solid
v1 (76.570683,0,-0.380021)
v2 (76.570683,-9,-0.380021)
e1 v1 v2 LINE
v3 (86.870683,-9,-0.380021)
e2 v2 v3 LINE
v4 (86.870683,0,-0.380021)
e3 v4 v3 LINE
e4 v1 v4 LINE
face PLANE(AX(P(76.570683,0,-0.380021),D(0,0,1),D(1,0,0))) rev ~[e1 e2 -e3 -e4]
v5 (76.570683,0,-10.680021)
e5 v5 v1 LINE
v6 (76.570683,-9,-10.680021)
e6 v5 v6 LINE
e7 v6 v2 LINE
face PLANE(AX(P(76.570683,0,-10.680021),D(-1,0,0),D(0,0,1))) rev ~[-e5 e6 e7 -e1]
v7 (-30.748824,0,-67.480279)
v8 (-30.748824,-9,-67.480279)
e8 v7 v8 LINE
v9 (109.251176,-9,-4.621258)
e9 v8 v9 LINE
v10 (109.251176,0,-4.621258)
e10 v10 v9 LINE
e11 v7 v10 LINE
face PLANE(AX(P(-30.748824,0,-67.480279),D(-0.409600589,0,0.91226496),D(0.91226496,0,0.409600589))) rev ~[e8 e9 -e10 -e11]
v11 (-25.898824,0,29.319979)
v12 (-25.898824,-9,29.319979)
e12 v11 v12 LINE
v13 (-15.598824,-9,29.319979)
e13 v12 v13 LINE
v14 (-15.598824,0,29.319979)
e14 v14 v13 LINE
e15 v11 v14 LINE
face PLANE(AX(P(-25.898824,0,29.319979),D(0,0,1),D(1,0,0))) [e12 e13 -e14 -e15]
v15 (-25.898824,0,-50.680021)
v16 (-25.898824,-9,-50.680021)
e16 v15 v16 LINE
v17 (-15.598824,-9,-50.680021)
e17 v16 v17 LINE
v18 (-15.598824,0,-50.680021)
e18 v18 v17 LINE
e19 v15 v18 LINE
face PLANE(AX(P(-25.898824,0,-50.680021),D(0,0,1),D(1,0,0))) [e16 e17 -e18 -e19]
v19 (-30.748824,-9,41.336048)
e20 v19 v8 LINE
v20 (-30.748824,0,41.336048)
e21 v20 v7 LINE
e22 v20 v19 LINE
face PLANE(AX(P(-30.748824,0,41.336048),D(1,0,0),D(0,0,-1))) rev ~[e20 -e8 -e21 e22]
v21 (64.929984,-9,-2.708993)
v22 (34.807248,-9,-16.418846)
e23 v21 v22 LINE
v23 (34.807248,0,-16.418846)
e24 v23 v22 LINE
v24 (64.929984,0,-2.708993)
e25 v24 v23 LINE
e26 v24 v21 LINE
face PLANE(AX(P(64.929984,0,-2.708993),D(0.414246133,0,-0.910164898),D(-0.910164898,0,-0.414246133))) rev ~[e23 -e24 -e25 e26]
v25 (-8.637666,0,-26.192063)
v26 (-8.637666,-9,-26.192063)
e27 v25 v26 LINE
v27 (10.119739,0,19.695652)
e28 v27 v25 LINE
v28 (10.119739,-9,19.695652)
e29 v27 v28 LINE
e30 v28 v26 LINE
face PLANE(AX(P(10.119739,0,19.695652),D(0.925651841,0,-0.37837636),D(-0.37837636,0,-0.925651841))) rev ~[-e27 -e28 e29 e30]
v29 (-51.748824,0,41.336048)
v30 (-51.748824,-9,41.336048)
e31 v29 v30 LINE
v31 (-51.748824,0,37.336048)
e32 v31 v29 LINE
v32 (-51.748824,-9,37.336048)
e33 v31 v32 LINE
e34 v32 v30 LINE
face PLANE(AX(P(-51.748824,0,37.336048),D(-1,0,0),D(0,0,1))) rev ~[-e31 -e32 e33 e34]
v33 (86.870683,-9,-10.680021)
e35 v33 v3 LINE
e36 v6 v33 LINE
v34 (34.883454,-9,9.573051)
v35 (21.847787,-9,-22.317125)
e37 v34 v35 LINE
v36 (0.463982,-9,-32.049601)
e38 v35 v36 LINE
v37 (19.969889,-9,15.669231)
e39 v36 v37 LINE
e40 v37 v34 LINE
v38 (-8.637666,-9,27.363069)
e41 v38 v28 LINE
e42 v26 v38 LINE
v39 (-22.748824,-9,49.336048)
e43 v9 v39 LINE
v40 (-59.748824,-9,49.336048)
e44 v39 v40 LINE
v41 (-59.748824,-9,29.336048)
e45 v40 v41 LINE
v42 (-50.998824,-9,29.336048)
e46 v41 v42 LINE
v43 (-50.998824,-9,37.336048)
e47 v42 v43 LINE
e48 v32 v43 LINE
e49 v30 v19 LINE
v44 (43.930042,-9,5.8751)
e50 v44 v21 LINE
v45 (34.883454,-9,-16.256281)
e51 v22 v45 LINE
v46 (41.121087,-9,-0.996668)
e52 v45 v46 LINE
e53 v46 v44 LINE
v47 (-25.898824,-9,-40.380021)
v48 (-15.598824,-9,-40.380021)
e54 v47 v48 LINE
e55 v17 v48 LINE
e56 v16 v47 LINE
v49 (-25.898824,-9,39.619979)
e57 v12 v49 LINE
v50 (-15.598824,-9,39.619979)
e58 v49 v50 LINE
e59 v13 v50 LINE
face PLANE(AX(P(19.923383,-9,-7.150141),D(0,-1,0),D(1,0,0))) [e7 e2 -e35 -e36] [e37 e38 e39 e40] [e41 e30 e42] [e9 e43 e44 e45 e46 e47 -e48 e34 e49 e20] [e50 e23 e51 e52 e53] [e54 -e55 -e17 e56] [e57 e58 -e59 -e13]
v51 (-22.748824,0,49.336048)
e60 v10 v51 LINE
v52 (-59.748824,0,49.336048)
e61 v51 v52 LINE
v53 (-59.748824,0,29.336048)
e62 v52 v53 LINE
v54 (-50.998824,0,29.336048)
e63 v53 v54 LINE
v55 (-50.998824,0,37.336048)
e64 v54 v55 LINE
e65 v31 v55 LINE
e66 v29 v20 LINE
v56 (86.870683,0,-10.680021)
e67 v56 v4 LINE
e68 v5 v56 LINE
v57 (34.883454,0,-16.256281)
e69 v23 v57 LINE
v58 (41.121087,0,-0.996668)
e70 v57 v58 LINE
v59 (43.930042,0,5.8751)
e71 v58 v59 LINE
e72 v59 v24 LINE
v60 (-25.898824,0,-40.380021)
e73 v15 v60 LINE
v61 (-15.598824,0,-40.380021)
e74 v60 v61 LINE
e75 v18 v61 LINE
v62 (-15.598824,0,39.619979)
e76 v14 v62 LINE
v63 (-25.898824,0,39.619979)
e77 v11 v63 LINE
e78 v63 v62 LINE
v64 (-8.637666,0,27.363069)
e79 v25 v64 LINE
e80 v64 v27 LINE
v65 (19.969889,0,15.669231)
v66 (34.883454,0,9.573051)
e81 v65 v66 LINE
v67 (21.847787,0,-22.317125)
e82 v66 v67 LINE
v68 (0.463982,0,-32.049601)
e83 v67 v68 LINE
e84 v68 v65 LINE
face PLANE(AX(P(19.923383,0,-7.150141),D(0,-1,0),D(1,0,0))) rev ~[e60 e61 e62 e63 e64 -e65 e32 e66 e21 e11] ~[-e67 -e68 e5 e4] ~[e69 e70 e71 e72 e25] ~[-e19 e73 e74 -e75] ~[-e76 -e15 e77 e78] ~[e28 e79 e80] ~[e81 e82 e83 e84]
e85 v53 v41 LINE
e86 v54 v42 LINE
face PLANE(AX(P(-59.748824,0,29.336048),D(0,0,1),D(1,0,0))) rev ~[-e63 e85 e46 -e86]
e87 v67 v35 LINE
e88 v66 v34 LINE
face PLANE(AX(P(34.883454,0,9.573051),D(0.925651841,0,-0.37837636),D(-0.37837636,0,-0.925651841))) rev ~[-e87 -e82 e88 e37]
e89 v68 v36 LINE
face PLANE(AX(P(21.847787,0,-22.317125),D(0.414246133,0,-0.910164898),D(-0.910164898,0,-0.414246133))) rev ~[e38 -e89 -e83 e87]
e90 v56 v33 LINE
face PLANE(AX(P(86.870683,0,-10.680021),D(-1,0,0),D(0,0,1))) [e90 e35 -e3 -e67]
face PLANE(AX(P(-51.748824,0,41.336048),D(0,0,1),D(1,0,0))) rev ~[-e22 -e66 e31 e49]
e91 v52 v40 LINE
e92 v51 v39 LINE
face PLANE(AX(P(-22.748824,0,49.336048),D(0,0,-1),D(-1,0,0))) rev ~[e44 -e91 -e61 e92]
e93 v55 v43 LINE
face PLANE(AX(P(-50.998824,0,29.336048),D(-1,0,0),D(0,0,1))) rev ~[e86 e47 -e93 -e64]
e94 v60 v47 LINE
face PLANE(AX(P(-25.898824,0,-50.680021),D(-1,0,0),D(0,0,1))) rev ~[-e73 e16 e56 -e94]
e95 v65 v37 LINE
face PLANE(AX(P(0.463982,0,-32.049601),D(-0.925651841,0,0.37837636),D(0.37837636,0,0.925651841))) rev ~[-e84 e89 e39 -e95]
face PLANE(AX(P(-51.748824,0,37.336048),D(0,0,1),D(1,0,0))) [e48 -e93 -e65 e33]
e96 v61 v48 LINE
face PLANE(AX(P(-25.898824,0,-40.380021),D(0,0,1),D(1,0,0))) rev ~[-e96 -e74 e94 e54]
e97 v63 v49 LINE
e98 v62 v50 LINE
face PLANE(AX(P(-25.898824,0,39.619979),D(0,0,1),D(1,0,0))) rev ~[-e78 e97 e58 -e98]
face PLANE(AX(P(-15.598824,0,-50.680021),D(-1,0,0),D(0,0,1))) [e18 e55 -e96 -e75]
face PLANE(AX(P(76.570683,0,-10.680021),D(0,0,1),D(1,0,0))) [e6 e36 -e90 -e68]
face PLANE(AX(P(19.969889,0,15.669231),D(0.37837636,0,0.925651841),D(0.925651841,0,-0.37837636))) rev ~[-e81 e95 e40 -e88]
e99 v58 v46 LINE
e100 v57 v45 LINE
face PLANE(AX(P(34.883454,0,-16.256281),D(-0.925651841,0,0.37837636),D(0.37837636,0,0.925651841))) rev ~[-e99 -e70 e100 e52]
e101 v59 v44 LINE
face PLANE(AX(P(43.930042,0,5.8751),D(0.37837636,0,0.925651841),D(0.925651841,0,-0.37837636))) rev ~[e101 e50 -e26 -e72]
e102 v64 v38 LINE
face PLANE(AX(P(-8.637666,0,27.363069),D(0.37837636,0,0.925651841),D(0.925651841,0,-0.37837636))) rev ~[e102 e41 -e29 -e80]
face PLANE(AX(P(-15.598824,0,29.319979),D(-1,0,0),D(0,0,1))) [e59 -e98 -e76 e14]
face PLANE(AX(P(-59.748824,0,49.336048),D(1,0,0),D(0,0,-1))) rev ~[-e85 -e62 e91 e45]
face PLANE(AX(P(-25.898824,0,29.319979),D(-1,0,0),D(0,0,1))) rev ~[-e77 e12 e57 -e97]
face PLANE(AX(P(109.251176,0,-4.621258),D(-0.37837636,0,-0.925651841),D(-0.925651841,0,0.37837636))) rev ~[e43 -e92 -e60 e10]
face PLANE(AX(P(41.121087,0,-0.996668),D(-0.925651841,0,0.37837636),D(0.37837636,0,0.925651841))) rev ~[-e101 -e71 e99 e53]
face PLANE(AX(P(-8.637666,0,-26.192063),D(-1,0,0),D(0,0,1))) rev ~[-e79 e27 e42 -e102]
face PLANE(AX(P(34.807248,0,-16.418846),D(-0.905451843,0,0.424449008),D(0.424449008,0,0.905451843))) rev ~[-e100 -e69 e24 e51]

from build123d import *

# Parameters (mm, degrees)
F0_W     = 10.3
F0_H     = 10.3
F0_W_2   = 0.75
F0_H_2   = 8
F1_DEPTH = 9


with BuildPart() as f1:
    # F0 (on Front) → F1 (new body)
    with BuildSketch(Plane.XZ):
        Polygon((-22.7488241771, 49.3360479977), (-30.7488241771, 49.3360479977), (-30.7488241771, 41.3360479977), (-30.7488241771, -60.2917829884), (-30.7488241771, -67.4802789781), (109.2511758229, -4.6212578508), align=None)
        with Locations((-20.7488241771, -45.5300207496)):
            Rectangle(F0_W, F0_H, mode=Mode.SUBTRACT)
        with Locations((-20.7488241771, 34.4699792504)):
            Rectangle(F0_W, F0_H, mode=Mode.SUBTRACT)
        Polygon((-8.6376664854, -26.1920627463), (-8.6376664854, 27.3630689768), (10.1197385162, 19.6956520177), (19.9698888285, 15.6692310097), (34.8834536025, 9.57305089), (43.9300421098, 5.8750998068), (64.9299837446, -2.708993175), (34.8072479351, -16.4188460197), (21.847787114, -22.3171250448), (0.4639824944, -32.0496014191), (-8.6376664854, -36.1920627463), align=None, mode=Mode.SUBTRACT)
        with Locations((81.7206834825, -5.5300207496)):
            Rectangle(F0_W, F0_H, mode=Mode.SUBTRACT)
        Polygon((19.9698888285, 15.6692310097), (10.1197385162, 19.6956520177), (-8.6376664854, -26.1920627463), (-8.6376664854, -36.1920627463), (0.4639824944, -32.0496014191), align=None)
        Polygon((-30.7488241771, 41.3360479977), (-30.7488241771, 49.3360479977), (-59.7488241771, 49.3360479977), (-59.7488241771, 29.3360479977), (-51.7488241771, 29.3360479977), (-51.7488241771, 37.3360479977), (-51.7488241771, 41.3360479977), align=None)
        Polygon((43.9300421098, 5.8750998068), (34.8834536025, 9.57305089), (21.847787114, -22.3171250448), (34.8072479351, -16.4188460197), (34.8834536025, -16.2562809986), (41.1210870837, -0.9966677438), align=None)
        with Locations((-51.3738241771, 33.3360479977)):
            Rectangle(F0_W_2, F0_H_2)
    extrude(amount=F1_DEPTH)


solid = f1.part
